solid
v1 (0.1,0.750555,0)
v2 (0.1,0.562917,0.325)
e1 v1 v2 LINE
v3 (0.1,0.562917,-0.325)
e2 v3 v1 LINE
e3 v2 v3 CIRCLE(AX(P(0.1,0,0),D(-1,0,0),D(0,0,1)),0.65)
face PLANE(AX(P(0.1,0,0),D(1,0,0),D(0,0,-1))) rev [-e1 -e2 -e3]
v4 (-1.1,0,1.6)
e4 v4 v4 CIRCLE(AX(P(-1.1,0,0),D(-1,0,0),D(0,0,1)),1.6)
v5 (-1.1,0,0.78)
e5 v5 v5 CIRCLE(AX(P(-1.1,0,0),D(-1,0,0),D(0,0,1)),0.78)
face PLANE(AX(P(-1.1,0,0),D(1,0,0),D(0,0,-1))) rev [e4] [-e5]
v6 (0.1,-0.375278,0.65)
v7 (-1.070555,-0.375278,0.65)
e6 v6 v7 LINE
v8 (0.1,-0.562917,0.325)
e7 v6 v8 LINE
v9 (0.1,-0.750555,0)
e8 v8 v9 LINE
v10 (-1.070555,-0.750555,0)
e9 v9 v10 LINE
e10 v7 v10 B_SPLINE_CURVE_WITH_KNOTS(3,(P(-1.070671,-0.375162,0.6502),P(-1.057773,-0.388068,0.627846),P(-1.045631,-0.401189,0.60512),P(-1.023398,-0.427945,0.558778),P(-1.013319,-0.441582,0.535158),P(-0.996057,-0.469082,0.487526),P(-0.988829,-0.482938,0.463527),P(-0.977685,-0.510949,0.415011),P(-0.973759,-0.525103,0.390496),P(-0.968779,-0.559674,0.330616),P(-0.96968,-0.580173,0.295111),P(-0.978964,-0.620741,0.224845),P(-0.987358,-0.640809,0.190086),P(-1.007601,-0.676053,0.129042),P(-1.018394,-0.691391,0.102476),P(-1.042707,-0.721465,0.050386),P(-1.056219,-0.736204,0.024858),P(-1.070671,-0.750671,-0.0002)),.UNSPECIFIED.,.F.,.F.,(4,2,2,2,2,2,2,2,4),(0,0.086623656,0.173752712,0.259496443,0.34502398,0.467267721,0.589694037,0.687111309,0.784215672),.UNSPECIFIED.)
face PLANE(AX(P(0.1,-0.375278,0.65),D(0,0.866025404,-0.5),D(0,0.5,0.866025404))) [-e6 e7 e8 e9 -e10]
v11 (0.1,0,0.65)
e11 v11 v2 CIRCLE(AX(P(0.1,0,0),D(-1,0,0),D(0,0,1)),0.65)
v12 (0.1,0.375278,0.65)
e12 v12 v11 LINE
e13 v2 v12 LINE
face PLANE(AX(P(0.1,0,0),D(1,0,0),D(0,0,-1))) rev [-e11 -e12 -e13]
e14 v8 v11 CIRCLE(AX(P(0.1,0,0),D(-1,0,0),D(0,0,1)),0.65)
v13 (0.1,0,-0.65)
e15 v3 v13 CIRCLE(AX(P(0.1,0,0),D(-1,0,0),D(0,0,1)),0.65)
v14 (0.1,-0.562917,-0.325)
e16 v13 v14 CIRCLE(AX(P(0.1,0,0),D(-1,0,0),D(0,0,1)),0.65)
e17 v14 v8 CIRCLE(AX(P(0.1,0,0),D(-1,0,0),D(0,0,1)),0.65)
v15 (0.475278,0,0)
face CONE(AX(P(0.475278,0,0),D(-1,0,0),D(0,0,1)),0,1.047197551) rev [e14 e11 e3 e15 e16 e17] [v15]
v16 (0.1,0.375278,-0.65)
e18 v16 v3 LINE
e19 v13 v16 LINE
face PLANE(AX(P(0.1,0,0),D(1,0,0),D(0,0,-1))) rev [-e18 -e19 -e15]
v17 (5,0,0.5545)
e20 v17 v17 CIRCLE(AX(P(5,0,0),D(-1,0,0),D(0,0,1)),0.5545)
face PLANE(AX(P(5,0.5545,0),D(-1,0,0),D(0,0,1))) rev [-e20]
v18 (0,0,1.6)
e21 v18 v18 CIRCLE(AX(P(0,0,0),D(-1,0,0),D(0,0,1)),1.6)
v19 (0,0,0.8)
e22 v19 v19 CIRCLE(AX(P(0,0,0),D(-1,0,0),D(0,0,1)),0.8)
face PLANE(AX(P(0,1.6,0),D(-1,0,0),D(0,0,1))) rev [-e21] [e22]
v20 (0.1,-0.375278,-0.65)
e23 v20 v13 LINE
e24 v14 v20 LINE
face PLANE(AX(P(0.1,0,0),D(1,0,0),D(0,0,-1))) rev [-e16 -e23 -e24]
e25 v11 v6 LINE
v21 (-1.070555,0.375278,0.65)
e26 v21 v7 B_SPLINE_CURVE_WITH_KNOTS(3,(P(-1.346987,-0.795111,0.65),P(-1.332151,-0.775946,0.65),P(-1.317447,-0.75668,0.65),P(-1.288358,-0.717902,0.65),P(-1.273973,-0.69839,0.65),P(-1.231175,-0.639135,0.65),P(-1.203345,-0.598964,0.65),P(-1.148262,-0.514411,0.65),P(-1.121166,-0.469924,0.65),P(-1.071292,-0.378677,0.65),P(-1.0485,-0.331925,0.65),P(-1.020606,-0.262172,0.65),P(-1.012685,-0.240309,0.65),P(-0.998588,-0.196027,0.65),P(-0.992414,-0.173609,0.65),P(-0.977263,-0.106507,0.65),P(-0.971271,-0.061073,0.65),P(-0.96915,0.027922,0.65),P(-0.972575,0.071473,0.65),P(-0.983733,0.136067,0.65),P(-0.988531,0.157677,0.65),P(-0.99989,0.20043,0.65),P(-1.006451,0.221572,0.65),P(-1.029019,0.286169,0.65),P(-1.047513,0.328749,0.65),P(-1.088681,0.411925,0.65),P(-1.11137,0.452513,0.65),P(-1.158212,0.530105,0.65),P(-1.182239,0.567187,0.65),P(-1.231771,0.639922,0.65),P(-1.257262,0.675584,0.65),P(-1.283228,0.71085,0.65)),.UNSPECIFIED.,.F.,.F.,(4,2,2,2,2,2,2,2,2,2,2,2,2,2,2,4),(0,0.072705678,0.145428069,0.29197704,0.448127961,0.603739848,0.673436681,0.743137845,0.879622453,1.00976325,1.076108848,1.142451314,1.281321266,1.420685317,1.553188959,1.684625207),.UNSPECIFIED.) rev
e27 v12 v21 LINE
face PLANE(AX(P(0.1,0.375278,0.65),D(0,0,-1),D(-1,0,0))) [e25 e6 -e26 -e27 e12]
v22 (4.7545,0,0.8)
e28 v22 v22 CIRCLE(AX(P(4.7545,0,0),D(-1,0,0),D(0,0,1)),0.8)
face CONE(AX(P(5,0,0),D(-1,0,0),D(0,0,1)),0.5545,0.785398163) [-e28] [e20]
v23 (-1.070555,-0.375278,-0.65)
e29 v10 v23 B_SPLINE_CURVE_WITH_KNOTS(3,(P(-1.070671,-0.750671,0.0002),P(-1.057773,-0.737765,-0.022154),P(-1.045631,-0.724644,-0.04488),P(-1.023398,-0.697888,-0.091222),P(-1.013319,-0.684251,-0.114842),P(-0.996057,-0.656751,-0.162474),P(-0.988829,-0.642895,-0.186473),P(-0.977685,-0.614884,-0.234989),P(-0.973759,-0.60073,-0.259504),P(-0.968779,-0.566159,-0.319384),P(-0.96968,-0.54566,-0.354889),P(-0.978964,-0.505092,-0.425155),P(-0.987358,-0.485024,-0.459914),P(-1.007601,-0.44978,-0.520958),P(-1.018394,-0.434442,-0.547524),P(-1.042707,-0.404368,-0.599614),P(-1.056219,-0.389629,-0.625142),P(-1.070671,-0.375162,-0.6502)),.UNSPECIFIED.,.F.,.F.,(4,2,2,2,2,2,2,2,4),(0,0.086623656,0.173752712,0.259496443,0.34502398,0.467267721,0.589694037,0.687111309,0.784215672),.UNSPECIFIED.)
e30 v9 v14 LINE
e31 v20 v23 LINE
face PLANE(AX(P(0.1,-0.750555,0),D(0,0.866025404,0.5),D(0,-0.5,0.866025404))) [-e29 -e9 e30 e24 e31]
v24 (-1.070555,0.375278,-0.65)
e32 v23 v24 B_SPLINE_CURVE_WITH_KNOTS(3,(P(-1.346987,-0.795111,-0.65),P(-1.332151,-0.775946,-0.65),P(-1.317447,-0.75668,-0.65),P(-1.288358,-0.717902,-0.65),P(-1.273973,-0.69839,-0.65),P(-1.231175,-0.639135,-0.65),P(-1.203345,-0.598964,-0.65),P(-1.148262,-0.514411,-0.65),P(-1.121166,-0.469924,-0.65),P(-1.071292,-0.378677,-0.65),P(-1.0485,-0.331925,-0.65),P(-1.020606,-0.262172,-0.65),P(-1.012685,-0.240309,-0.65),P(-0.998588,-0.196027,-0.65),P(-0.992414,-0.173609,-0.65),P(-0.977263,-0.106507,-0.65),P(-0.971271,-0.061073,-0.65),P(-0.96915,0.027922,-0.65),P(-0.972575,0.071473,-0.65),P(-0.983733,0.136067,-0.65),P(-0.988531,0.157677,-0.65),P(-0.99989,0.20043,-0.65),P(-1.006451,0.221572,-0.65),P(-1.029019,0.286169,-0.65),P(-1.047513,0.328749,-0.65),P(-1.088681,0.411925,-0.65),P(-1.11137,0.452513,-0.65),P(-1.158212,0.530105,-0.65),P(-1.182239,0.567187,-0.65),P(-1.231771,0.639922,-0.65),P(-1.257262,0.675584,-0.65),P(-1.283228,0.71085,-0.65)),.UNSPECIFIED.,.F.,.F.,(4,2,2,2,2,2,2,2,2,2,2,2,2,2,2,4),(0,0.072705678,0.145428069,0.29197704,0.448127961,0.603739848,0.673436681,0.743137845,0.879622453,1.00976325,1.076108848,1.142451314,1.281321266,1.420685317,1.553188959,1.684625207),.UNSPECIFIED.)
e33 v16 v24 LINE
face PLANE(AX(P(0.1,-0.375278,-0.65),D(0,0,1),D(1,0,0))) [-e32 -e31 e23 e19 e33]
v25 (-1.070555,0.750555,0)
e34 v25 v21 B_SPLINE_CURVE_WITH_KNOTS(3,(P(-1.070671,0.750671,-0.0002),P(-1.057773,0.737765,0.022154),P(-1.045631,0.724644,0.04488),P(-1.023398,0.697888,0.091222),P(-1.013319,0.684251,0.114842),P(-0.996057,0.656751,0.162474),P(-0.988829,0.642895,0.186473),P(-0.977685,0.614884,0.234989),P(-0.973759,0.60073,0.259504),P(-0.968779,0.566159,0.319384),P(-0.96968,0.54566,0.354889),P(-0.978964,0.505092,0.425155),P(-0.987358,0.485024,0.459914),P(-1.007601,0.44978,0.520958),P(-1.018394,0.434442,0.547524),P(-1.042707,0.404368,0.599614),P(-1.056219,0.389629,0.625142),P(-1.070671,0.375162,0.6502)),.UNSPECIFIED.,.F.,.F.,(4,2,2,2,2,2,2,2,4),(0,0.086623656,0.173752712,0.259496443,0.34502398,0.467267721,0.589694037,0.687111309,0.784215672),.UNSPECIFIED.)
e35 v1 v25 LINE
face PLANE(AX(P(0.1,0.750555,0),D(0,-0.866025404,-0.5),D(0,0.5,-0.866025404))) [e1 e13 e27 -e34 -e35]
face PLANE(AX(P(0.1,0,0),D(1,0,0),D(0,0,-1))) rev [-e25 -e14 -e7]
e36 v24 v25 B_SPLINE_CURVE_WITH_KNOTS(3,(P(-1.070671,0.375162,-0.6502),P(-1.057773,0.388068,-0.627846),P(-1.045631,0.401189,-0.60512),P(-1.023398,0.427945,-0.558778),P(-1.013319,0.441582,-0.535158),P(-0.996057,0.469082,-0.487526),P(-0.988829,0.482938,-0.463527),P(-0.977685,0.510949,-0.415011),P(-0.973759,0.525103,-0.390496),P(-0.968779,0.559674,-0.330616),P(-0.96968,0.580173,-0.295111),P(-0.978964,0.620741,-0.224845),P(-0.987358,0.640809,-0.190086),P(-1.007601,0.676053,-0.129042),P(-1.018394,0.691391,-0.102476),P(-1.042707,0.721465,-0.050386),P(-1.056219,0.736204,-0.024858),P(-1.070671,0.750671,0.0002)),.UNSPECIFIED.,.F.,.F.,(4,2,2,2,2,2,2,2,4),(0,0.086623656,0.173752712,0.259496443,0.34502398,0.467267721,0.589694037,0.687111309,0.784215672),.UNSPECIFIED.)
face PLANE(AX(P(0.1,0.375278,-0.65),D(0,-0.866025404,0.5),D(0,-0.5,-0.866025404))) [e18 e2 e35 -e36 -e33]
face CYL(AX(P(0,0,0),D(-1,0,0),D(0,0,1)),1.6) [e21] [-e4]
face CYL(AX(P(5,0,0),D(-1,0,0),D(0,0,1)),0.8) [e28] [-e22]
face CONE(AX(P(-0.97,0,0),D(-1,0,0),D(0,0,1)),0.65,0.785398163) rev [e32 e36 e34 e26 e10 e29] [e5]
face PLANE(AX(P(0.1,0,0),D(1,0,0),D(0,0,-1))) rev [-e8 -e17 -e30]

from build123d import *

# Parameters (mm, degrees)
SKETCH2_W          = 1.1
SKETCH2_H          = 1.6
CUT_EXTRUDE1_DEPTH = 1.2


with BuildPart() as part:
    # Sketch1 → Revolve1 (revolve)
    with BuildSketch(Plane.XY):
        Polygon((0, 0), (0, 0.8), (4.7545, 0.8), (5, 0.5545), (5, 0), align=None)
    revolve(axis=Axis((5, 0, 0), (-1, 0, 0)))

    # Sketch2 → Revolve2 (revolve)
    with BuildSketch(Plane.XY):
        with Locations((-0.55, 0.8)):
            Rectangle(SKETCH2_W, SKETCH2_H)
    revolve(axis=Axis((0, 0, 0), (-1, 0, 0)))

    # Sketch3 → Cut-Revolve1 (revolve, cut)
    with BuildSketch(Plane.XY):
        Polygon((-1.1, 0), (-1.1, 0.78), (-0.97, 0.65), (0.1, 0.65), (0.475277675, 0), align=None)
    revolve(axis=Axis((0.475277675, 0, 0), (-1, 0, 0)), mode=Mode.SUBTRACT)

    # Sketch4 → Cut-Extrude1 (cut)
    with BuildSketch(Plane(origin=(-1.1, 0, 0), x_dir=(0, 0, -1), z_dir=(1, 0, 0))):
        Polygon((-0.65, -0.375277675), (0, -0.75055535), (0.65, -0.375277675), (0.65, 0.375277675), (0, 0.75055535), (-0.65, 0.375277675), align=None)
    extrude(amount=CUT_EXTRUDE1_DEPTH, mode=Mode.SUBTRACT)


solid = part.part
